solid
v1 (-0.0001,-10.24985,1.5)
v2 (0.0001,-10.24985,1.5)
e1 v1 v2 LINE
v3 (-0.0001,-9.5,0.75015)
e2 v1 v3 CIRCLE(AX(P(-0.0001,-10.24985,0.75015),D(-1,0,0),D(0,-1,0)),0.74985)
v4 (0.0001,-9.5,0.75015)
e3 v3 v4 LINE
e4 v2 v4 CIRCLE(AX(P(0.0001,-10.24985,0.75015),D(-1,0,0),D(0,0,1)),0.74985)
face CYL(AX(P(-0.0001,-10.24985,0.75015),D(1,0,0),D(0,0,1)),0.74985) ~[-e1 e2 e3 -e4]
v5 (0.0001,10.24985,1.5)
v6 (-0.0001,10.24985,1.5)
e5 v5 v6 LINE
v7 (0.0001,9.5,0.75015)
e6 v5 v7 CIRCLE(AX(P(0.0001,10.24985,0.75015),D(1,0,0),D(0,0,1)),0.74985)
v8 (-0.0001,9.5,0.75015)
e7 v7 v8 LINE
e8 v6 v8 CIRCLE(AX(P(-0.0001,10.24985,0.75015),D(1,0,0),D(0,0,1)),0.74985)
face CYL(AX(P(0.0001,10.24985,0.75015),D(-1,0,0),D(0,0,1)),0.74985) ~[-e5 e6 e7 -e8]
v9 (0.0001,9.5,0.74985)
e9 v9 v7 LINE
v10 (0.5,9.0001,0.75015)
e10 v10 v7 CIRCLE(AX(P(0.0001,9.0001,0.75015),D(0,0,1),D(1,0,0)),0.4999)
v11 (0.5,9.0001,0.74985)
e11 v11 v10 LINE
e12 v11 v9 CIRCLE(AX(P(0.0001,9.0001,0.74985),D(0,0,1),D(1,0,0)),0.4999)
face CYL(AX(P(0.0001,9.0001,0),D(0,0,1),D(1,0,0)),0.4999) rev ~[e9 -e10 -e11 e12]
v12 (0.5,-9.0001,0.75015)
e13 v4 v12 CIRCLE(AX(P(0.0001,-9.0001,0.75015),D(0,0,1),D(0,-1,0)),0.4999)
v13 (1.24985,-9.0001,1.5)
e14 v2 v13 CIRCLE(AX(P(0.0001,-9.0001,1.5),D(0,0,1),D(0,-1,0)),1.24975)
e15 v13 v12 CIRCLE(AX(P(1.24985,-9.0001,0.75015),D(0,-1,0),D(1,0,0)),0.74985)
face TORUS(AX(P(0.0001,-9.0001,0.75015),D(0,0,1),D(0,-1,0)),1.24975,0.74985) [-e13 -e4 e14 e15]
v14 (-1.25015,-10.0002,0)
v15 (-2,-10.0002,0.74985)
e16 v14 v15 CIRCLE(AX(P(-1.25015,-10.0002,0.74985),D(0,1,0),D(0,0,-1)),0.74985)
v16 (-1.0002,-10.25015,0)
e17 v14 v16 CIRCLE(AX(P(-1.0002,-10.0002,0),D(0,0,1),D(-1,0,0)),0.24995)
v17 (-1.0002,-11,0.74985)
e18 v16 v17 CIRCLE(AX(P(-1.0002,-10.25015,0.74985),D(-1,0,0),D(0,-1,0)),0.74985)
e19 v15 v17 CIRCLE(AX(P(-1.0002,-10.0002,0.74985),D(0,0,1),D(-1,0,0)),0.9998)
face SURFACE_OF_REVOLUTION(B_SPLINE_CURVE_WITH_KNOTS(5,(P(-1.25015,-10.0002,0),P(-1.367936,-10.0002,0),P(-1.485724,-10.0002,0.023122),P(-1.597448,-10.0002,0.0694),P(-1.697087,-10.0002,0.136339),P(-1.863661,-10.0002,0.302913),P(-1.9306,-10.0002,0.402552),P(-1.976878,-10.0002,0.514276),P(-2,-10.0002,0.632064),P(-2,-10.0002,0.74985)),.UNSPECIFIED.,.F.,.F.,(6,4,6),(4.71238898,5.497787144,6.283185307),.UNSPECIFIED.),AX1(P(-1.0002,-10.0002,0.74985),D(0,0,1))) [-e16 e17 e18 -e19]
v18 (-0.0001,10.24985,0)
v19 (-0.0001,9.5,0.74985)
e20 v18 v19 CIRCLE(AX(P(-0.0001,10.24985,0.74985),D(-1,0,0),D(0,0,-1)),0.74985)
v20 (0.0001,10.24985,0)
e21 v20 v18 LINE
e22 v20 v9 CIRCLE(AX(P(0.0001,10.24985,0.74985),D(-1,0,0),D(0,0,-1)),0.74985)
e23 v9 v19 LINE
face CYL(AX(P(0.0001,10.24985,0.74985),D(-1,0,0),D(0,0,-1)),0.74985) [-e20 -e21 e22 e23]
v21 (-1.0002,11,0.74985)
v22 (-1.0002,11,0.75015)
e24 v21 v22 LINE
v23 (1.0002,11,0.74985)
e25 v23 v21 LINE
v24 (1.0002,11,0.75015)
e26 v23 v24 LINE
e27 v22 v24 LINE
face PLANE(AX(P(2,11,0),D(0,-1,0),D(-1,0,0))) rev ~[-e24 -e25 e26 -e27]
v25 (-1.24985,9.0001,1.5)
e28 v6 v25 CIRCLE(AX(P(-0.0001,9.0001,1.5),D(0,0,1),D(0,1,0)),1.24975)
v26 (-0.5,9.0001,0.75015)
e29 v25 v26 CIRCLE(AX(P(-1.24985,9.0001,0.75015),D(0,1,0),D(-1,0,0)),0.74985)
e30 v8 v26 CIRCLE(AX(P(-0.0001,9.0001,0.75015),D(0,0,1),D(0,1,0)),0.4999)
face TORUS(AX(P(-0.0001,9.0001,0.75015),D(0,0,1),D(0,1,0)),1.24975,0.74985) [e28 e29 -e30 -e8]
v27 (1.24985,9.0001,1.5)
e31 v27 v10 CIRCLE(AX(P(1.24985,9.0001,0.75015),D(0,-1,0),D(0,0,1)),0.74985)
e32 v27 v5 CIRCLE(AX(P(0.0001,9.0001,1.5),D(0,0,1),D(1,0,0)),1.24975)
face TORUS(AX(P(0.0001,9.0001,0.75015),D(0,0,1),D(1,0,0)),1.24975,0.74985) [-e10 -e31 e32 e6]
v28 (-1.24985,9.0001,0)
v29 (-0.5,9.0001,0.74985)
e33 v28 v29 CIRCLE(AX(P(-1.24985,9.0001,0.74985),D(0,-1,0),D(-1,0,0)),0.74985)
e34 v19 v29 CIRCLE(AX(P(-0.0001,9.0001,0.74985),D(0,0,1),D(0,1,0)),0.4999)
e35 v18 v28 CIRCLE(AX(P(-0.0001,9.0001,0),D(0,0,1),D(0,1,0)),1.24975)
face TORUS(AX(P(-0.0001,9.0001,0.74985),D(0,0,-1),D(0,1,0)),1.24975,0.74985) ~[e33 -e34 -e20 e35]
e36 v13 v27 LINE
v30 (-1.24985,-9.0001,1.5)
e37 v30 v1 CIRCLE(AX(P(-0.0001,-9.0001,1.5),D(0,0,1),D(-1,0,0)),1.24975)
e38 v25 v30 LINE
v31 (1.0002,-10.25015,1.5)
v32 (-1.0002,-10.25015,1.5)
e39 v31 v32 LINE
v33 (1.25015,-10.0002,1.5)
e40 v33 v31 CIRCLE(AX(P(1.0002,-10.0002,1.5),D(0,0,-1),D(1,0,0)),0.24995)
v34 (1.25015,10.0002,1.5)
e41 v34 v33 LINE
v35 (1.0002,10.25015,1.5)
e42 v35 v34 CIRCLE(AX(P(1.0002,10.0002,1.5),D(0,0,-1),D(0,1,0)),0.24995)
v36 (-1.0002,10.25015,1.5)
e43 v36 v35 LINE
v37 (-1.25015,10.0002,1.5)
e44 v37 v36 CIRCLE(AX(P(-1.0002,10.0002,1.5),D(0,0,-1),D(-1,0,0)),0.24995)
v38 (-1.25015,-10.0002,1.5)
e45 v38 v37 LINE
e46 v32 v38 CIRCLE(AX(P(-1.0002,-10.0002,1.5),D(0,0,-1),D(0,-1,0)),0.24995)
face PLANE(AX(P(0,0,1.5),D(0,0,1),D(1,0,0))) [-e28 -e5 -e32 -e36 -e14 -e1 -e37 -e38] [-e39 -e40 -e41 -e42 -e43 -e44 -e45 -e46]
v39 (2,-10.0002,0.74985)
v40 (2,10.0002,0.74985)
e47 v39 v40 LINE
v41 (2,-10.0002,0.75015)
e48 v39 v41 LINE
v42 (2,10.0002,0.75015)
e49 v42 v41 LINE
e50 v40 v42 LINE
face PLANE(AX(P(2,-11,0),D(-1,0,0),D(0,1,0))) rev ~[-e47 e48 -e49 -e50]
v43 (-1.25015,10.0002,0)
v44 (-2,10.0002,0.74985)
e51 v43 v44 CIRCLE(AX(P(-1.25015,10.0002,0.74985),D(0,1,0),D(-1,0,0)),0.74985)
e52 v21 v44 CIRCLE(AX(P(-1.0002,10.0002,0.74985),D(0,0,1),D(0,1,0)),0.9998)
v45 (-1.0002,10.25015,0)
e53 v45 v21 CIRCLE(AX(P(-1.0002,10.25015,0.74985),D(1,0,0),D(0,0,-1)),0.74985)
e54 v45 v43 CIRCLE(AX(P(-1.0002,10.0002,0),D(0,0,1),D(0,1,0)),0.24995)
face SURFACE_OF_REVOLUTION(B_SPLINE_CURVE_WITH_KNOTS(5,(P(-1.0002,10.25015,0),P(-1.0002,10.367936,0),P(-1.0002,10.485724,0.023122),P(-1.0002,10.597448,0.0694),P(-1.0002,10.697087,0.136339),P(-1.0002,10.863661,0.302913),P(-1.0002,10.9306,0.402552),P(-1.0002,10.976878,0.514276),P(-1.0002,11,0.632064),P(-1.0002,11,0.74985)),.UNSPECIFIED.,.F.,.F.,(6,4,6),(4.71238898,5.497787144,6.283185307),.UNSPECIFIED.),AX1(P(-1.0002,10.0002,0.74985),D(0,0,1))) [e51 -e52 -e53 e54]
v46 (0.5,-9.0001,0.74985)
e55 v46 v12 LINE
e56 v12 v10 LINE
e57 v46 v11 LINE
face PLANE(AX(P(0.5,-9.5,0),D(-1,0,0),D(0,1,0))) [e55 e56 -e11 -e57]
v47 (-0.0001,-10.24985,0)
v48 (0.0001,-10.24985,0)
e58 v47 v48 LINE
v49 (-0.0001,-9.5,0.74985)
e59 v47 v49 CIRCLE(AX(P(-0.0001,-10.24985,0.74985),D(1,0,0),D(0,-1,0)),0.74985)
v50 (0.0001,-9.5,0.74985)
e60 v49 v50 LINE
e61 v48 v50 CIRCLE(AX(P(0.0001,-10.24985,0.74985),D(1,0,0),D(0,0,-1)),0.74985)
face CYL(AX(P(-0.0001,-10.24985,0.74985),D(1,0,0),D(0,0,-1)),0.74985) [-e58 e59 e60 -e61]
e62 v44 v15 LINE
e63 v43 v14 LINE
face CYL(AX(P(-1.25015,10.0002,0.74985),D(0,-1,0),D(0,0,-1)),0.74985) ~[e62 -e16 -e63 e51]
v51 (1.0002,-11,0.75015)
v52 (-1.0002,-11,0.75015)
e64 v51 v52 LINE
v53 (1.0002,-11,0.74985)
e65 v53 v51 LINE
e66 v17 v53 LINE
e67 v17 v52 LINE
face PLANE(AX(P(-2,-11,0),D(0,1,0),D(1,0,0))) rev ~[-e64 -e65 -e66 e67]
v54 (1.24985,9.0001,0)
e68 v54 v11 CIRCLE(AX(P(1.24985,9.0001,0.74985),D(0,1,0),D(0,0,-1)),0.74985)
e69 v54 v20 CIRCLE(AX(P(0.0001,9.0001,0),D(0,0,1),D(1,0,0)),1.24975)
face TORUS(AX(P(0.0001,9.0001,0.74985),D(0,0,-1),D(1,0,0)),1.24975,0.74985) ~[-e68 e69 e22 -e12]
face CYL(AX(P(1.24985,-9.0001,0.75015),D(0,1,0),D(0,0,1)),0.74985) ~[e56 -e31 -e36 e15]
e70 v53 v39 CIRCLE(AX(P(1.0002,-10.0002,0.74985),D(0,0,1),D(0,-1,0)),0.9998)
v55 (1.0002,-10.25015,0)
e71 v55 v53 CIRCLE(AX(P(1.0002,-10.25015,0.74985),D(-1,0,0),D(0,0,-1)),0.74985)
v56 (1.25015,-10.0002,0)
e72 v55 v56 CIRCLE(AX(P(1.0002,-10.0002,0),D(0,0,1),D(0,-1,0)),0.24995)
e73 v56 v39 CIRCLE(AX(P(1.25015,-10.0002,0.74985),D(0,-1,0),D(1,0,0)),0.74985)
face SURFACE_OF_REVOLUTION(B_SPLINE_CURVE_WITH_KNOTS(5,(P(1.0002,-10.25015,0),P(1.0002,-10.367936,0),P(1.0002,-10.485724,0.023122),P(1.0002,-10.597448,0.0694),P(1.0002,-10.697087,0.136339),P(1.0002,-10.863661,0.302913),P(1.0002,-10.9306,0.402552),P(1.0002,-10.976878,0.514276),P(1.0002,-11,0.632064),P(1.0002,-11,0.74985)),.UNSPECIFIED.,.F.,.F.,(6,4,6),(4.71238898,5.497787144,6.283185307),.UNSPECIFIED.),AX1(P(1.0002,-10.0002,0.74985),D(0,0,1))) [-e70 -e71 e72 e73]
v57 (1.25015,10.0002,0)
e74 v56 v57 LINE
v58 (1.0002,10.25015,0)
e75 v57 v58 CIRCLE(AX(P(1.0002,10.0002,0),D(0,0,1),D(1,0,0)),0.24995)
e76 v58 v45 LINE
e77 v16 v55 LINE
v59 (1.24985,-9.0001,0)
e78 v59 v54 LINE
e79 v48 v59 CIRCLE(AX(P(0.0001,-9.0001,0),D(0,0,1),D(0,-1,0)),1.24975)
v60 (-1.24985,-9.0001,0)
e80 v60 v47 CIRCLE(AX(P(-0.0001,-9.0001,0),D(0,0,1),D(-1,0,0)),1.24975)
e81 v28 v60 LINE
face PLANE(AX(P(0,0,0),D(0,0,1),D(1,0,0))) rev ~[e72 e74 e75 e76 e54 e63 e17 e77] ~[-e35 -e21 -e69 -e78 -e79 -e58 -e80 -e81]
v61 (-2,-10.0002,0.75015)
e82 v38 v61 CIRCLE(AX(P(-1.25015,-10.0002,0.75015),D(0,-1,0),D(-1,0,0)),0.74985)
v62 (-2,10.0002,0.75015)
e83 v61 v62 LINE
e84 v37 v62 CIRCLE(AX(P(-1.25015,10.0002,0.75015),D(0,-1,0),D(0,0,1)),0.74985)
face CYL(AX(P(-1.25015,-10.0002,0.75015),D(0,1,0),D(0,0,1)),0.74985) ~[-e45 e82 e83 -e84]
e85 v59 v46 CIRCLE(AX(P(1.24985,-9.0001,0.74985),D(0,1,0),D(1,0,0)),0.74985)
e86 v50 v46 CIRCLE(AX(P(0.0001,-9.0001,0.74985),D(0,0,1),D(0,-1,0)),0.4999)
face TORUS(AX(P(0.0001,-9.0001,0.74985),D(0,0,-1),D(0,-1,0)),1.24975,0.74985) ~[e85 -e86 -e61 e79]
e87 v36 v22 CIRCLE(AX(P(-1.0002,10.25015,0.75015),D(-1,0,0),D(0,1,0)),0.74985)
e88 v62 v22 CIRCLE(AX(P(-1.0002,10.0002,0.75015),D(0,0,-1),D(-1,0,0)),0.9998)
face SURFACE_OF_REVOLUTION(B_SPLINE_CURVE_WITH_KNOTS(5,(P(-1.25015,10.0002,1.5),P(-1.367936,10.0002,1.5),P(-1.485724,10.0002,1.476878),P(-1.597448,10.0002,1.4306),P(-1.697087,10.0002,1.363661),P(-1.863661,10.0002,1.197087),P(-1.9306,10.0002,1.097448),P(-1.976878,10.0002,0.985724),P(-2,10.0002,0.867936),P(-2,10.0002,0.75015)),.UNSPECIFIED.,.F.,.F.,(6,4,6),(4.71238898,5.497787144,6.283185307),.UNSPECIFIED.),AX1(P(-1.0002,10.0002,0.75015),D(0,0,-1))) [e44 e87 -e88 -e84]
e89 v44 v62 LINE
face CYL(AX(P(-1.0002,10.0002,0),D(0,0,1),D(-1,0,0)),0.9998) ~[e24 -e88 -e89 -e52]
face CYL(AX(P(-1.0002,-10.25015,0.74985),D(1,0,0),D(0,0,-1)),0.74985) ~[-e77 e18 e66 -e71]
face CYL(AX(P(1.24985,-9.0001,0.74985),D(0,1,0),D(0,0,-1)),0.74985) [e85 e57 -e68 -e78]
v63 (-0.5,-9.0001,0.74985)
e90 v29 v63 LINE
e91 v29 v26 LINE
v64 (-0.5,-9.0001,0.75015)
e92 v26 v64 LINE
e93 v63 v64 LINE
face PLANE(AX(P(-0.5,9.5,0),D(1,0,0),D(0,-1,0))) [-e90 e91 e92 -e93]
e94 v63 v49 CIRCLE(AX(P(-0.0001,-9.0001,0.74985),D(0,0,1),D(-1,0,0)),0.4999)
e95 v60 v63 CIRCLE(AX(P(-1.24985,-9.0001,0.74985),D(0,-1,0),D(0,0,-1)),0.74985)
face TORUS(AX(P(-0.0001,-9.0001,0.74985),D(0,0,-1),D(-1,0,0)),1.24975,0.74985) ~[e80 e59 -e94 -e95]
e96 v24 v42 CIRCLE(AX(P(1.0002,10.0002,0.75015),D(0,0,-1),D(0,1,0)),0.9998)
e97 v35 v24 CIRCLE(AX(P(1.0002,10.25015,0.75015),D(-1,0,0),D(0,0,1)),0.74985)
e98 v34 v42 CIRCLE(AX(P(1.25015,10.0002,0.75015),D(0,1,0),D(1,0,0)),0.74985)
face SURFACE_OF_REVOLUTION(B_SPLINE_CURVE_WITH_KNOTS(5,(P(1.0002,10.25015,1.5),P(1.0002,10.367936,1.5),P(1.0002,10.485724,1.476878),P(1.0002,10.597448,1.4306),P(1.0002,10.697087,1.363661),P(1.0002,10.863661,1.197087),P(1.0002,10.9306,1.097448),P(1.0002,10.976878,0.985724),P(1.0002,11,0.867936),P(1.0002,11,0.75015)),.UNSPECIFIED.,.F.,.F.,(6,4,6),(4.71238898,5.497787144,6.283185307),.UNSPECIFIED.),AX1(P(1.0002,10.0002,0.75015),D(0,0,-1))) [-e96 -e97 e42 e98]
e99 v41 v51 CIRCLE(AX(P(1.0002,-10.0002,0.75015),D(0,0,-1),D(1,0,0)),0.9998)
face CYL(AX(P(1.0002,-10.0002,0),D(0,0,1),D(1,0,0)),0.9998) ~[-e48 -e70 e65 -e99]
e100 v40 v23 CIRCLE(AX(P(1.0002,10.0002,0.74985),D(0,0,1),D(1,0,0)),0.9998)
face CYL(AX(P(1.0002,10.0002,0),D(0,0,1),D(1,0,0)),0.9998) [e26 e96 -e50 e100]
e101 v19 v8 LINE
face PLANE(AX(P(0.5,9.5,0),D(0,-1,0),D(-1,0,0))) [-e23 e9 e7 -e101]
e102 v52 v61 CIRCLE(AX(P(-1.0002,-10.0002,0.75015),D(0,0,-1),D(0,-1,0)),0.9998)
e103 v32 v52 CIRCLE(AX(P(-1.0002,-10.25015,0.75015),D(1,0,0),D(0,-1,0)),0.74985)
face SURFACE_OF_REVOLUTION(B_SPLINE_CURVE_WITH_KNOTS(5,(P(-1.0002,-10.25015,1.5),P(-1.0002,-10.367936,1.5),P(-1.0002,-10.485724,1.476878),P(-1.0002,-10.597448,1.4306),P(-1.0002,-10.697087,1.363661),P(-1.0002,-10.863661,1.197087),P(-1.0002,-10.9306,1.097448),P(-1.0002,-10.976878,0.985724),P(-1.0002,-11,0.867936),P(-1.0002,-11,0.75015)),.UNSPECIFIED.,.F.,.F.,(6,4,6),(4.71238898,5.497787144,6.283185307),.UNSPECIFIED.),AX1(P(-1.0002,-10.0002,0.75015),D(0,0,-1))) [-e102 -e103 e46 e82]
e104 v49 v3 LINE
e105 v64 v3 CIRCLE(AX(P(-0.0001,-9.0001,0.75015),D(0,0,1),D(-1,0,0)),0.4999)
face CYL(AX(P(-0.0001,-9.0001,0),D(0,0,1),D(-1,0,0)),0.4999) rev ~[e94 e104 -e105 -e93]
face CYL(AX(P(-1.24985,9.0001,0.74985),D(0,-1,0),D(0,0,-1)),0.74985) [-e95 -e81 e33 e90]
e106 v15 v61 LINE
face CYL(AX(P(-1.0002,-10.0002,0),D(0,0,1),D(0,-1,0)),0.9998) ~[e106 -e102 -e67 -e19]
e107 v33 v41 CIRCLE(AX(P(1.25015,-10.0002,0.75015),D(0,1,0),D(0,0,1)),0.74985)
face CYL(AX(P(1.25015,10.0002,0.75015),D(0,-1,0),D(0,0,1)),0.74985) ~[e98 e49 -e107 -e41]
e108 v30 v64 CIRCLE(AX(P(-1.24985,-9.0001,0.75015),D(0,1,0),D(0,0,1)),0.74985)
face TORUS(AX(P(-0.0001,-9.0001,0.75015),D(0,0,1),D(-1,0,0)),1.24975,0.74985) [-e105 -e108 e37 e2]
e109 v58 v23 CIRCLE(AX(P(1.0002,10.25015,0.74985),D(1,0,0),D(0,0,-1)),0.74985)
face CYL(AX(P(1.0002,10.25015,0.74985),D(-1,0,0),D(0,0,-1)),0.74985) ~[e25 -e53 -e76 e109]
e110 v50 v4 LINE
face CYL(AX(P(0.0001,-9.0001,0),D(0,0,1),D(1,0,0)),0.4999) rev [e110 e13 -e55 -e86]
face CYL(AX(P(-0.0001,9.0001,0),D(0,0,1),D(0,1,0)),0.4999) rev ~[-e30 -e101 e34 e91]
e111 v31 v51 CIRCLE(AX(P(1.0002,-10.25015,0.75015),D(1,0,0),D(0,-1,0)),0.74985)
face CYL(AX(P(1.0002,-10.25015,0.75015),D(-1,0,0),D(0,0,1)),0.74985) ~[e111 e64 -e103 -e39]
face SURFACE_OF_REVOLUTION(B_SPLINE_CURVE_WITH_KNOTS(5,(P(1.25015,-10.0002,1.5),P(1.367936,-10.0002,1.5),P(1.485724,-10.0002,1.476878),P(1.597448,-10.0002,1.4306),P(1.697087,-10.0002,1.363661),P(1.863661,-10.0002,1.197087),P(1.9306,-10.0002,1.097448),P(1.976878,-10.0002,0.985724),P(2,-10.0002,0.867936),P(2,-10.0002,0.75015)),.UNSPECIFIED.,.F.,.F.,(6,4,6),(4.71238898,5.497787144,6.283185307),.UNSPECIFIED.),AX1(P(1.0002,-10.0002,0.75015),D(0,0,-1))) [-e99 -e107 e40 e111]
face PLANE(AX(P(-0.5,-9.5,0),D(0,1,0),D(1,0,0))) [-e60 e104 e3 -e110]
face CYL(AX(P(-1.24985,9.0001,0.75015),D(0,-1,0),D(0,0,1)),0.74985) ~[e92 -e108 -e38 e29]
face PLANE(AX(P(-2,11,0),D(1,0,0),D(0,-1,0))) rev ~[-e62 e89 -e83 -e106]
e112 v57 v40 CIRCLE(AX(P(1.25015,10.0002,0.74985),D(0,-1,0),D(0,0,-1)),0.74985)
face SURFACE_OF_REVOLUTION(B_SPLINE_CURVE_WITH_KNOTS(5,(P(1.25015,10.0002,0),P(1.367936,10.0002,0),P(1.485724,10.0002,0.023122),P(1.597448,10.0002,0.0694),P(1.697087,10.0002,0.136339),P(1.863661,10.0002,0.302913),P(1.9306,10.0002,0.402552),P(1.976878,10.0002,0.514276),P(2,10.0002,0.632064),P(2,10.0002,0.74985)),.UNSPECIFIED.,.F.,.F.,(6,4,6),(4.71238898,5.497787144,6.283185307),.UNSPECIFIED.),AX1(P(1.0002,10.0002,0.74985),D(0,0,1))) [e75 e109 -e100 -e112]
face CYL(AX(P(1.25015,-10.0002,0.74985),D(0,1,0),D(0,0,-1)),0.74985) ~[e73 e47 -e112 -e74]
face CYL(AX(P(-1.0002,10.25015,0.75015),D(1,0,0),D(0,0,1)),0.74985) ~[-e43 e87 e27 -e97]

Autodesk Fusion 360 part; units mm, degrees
sketch "Sketch1" plane through (0, 0, 0) normal (0, 0, 1) x (1, 0, 0)
  line L0 (2, 11) -> (-2, 11)
  line L1 (-2, 11) -> (-2, -11)
  line L2 (-2, -11) -> (2, -11)
  line L3 (2, -11) -> (2, 11)
  line L4 (2, 11) -> (-2, -11) construction
  line L5 (-2, 11) -> (2, -11) construction
  line L6 (0.5, -9.5) -> (0.5, 9.5)
  line L7 (0.5, 9.5) -> (-0.5, 9.5)
  line L8 (-0.5, 9.5) -> (-0.5, -9.5)
  line L9 (-0.5, -9.5) -> (0.5, -9.5)
  dimension "d1" = 4
  dimension "d2" = 22
  dimension "d3" = -1.5
extrude "Extrude1" add sketch "Sketch1" along normal blind 1.5
fillet "Fillet1" radius 1 4 edges at (2, 11, 0.75) (-2, -11, 0.75) (2, -11, 0.75) (-2, 11, 0.75)
fillet "Fillet1" radius 0.5 4 edges at (-0.5, 9.5, 0.75) (0.5, 9.5, 0.75) (0.5, -9.5, 0.75) (-0.5, -9.5, 0.75)
fillet "Fillet2" radius 0.75 24 edges at (-1.7071, -10.7071, 1.5) (-2, 0, 1.5) (-1.7071, 10.7071, 1.5) (0, 11, 1.5) (1.7071, 10.7071, 1.5) (2, 0, 1.5) (1.7071, -10.7071, 1.5) (0, -11, 1.5) (0, 9.5, 1.5) (-0.5, 0, 1.5) (0, -9.5, 1.5) (0.5, 0, 1.5) (0, 11, 0) (-1.7071, 10.7071, 0) (-2, 0, 0) (-1.7071, -10.7071, 0) (0, -11, 0) (1.7071, -10.7071, 0) (2, 0, 0) (1.7071, 10.7071, 0) (0, 9.5, 0) (0.5, 0, 0) (0, -9.5, 0) (-0.5, 0, 0)
